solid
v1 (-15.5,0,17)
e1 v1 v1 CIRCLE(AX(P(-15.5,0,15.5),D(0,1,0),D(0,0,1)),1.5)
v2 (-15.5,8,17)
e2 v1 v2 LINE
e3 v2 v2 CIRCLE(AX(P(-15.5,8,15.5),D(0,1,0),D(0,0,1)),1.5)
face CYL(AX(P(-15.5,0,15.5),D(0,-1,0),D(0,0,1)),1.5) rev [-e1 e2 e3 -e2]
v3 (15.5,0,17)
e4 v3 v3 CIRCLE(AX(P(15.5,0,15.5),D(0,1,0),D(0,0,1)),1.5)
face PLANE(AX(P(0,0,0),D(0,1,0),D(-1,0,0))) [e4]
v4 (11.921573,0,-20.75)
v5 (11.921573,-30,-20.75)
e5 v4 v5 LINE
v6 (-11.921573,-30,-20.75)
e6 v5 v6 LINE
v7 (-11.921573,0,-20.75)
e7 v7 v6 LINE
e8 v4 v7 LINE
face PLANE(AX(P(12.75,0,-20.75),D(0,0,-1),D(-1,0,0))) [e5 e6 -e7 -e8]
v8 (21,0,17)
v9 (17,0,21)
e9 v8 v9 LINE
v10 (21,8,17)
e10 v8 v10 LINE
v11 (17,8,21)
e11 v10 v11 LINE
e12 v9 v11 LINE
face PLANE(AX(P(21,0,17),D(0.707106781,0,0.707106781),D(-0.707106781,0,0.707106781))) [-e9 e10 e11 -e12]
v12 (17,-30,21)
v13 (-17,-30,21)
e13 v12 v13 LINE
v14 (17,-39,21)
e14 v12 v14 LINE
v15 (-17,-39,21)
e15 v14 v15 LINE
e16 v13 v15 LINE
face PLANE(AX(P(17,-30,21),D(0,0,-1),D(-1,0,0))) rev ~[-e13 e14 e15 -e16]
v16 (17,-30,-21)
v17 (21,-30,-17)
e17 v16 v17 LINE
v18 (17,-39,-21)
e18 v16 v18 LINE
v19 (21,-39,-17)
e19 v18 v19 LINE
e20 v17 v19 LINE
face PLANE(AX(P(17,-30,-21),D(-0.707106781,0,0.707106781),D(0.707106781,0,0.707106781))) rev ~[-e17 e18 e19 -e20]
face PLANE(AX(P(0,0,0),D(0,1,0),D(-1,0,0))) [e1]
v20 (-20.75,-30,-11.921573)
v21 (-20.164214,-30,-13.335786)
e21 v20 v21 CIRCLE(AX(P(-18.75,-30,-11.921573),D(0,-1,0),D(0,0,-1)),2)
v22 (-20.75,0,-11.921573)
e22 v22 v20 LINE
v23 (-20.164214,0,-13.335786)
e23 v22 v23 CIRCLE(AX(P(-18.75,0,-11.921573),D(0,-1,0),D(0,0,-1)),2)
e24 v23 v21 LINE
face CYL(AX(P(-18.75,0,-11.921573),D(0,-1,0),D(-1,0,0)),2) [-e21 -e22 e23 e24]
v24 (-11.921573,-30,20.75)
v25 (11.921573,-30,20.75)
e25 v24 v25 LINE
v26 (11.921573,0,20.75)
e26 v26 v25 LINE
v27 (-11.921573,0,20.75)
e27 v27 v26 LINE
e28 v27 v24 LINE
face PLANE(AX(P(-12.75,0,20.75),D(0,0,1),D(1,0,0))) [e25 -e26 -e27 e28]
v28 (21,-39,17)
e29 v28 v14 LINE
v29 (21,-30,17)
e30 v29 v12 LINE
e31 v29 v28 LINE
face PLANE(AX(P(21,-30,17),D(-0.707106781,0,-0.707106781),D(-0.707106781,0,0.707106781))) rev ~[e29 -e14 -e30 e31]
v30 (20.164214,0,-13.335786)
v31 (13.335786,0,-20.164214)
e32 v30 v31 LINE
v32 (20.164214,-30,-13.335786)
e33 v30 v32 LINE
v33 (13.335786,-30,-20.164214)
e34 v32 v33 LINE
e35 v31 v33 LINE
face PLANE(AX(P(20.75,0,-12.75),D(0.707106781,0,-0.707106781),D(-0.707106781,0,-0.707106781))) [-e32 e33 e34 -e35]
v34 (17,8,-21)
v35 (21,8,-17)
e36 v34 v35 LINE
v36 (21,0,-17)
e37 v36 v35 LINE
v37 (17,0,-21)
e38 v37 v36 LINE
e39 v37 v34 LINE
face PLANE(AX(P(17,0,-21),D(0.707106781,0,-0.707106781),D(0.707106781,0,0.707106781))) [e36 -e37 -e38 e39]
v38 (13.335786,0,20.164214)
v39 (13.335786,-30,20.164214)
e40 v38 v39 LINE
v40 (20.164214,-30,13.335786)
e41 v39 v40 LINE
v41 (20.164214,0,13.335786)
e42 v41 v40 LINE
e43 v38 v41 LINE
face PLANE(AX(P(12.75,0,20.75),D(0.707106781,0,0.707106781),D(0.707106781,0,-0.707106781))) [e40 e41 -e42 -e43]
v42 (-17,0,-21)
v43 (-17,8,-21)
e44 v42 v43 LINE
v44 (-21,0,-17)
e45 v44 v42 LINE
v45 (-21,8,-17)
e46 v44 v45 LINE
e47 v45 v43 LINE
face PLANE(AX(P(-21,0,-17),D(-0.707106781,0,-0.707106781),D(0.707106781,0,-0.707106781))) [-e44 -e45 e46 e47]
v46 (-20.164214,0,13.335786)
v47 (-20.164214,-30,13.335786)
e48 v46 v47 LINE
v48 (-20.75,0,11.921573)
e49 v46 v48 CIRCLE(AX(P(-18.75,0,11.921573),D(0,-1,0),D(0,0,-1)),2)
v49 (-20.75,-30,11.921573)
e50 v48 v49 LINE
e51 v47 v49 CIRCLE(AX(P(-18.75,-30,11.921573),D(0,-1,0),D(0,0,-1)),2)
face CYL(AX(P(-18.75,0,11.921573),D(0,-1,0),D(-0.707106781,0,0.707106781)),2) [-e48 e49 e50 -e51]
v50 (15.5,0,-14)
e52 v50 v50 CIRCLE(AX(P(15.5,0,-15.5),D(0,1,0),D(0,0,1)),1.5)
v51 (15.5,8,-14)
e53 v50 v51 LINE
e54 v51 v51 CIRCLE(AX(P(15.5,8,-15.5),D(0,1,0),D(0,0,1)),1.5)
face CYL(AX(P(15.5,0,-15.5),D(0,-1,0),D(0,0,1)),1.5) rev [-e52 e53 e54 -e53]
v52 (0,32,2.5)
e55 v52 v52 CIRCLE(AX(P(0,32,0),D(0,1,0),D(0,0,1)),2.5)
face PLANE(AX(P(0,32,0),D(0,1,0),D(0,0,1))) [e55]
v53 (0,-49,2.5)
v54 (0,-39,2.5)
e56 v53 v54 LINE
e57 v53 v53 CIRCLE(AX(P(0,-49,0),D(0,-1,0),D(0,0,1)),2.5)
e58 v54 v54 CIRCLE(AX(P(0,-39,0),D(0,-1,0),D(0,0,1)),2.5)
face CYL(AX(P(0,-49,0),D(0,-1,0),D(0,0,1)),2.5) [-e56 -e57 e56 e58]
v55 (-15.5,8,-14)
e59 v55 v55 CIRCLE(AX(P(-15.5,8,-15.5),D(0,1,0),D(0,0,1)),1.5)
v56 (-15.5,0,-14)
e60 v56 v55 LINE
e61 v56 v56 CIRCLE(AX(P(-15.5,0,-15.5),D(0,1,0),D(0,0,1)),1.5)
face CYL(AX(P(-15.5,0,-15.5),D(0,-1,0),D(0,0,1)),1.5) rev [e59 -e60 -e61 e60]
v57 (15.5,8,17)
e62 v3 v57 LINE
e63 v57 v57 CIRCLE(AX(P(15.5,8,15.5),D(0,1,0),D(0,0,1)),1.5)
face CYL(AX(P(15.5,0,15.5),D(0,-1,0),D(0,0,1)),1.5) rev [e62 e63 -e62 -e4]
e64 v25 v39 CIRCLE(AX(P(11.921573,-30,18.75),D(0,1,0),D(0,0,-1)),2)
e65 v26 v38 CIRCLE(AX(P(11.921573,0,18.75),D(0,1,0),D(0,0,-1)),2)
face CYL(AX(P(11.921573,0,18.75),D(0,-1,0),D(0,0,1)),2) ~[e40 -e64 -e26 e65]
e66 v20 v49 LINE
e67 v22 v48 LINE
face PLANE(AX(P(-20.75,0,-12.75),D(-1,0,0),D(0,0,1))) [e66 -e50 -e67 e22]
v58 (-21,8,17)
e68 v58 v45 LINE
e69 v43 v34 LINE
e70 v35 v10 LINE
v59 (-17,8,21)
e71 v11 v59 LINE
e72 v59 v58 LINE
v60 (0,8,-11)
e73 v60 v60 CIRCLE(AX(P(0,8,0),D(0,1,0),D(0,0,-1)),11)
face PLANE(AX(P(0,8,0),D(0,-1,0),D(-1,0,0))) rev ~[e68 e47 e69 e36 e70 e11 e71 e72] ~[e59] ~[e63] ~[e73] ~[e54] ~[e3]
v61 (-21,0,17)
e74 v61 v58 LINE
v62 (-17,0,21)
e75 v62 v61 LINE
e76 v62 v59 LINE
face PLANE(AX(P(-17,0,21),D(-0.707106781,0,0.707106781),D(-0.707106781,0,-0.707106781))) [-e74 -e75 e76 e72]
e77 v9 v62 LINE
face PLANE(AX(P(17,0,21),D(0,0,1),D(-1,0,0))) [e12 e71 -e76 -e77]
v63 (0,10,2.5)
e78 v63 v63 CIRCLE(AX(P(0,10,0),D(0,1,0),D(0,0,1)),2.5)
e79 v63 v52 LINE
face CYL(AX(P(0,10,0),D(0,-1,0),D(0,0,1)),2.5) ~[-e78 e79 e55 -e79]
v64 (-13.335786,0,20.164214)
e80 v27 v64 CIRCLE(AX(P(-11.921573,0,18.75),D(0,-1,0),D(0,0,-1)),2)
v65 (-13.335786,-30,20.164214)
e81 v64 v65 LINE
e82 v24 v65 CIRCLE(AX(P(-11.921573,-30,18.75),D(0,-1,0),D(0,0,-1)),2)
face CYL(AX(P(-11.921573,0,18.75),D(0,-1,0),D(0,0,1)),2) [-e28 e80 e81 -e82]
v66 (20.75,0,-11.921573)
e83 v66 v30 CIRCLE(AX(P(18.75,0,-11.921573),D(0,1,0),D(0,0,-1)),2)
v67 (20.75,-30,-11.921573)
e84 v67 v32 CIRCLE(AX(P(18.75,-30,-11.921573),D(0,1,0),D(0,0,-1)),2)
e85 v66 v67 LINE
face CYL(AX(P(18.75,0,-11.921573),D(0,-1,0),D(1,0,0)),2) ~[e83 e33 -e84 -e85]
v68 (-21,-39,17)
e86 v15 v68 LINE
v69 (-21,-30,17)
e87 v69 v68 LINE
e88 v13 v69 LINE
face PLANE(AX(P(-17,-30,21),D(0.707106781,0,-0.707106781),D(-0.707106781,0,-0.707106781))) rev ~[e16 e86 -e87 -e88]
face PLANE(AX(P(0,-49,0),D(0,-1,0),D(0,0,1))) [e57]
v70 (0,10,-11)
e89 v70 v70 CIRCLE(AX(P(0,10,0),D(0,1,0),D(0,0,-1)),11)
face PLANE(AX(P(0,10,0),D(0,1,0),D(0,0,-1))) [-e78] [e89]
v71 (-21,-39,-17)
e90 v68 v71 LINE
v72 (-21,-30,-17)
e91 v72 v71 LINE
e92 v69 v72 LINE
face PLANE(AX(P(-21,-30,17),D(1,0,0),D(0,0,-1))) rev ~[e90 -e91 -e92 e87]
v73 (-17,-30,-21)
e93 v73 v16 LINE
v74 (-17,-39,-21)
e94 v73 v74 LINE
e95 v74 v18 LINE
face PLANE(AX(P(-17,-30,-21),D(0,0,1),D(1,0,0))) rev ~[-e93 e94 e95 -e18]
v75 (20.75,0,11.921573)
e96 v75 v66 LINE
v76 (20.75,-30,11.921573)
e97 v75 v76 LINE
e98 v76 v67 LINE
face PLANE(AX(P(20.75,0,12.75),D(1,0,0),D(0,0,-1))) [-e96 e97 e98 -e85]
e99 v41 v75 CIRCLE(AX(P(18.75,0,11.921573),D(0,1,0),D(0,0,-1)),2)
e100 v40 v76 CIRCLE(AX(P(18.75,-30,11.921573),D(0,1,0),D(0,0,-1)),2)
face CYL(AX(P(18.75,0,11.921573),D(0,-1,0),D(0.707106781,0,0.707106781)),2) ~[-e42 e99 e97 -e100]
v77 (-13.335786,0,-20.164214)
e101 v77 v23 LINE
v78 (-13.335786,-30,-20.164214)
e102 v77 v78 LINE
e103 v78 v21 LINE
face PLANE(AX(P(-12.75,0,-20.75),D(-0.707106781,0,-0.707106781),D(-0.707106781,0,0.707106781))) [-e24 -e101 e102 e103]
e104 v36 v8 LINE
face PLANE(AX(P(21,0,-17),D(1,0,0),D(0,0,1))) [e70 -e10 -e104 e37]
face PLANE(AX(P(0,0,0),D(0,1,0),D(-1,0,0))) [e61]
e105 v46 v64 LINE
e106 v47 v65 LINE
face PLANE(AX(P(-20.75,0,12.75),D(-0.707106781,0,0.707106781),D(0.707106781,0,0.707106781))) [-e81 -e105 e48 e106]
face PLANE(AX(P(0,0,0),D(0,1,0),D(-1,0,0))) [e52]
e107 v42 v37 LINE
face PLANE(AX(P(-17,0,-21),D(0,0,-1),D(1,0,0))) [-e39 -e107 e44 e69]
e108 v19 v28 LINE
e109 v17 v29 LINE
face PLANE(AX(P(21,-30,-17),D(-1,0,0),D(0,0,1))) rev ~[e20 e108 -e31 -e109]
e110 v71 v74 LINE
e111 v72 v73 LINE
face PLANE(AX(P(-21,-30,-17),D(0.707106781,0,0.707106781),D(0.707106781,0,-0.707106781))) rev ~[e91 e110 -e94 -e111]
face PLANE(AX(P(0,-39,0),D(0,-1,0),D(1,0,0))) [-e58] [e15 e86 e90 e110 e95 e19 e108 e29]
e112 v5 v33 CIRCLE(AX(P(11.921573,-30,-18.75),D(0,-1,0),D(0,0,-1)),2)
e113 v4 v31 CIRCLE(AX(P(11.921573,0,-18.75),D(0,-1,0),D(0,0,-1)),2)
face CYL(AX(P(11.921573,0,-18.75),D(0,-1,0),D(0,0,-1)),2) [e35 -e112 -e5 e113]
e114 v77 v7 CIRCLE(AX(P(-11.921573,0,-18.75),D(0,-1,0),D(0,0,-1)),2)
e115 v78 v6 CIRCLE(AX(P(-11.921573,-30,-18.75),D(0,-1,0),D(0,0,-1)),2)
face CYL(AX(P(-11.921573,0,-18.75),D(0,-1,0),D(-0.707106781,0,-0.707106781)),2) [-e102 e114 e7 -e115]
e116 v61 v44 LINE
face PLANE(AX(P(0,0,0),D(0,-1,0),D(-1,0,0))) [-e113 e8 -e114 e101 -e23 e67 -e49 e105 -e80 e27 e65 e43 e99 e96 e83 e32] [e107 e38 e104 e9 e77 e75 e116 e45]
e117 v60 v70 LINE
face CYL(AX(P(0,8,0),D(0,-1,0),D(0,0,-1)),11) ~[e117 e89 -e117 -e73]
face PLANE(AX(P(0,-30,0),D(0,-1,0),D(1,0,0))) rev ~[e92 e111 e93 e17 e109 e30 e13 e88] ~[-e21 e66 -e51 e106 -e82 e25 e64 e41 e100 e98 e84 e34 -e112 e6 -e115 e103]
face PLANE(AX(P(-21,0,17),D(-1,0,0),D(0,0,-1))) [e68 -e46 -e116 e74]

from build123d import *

# Parameters (mm, degrees)
SKETCH1_R           = 1.5
BOSS_EXTRUDE1_DEPTH = 8
BOSS_EXTRUDE2_DEPTH = 30
FILLET1_R           = 2
BOSS_EXTRUDE3_DEPTH = 9
SKETCH4_R           = 11
BOSS_EXTRUDE4_DEPTH = 2
SKETCH5_R           = 2.5
BOSS_EXTRUDE5_DEPTH = 22
BOSS_EXTRUDE6_START = 10
SKETCH6_R           = 2.5
BOSS_EXTRUDE6_DEPTH = 10


with BuildPart() as part:
    # Sketch1 → Boss-Extrude1 (new body)
    with BuildSketch(Plane(origin=(0, 0, 0), x_dir=(1, 0, 0), z_dir=(0, 1, 0))):
        Polygon((-17, 21), (17, 21), (21, 17), (21, -17), (17, -21), (-17, -21), (-21, -17), (-21, 17), align=None)
        with Locations(Location((-15.5, 15.5, 0), (0, 0, 270))):
            Circle(SKETCH1_R, mode=Mode.SUBTRACT)
        with Locations(Location((-15.5, -15.5, 0), (0, 0, 270))):
            Circle(SKETCH1_R, mode=Mode.SUBTRACT)
        with Locations(Location((15.5, -15.5, 0), (0, 0, 270))):
            Circle(SKETCH1_R, mode=Mode.SUBTRACT)
        with Locations(Location((15.5, 15.5, 0), (0, 0, 270))):
            Circle(SKETCH1_R, mode=Mode.SUBTRACT)
    extrude(amount=BOSS_EXTRUDE1_DEPTH)

    # Sketch2 → Boss-Extrude2 (add)
    with BuildSketch(Plane.XZ):
        Polygon((-12.75, 20.75), (12.75, 20.75), (20.75, 12.75), (20.75, -12.75), (12.75, -20.75), (-12.75, -20.75), (-20.75, -12.75), (-20.75, 12.75), align=None)
    extrude(amount=BOSS_EXTRUDE2_DEPTH)

    # Fillet1
    fillet1_edges = [part.edges().sort_by_distance(p)[0] for p in [
        (20.75, -15, 12.75),
        (12.75, -15, 20.75),
        (-12.75, -15, 20.75),
        (-20.75, -15, 12.75),
        (-20.75, -15, -12.75),
        (-12.75, -15, -20.75),
        (12.75, -15, -20.75),
        (20.75, -15, -12.75),
    ]]
    fillet(fillet1_edges, radius=FILLET1_R)

    # Sketch3 → Boss-Extrude3 (add)
    with BuildSketch(Plane.XZ.offset(30)):
        Polygon((-21, 17), (-21, -17), (-17, -21), (17, -21), (21, -17), (21, 17), (17, 21), (-17, 21), align=None)
    extrude(amount=BOSS_EXTRUDE3_DEPTH)

    # Sketch4 → Boss-Extrude4 (add)
    with BuildSketch(Plane(origin=(0, 8, 0), x_dir=(1, 0, 0), z_dir=(0, 1, 0))):
        with Locations(Location((0, 0, 0), (0, 0, 90))):
            Circle(SKETCH4_R)
    extrude(amount=BOSS_EXTRUDE4_DEPTH)

    # Sketch5 → Boss-Extrude5 (add)
    with BuildSketch(Plane(origin=(0, 10, 0), x_dir=(1, 0, 0), z_dir=(0, 1, 0))):
        with Locations(Location((0, 0, 0), (0, 0, 270))):
            Circle(SKETCH5_R)
    extrude(amount=BOSS_EXTRUDE5_DEPTH)

    # Sketch6 → Boss-Extrude6 (add)
    with BuildSketch(Plane.XZ.offset(39).offset(BOSS_EXTRUDE6_START)):
        with Locations(Location((0, 0, 0), (0, 0, 90))):
            Circle(SKETCH6_R)
    extrude(amount=-BOSS_EXTRUDE6_DEPTH)


solid = part.part
